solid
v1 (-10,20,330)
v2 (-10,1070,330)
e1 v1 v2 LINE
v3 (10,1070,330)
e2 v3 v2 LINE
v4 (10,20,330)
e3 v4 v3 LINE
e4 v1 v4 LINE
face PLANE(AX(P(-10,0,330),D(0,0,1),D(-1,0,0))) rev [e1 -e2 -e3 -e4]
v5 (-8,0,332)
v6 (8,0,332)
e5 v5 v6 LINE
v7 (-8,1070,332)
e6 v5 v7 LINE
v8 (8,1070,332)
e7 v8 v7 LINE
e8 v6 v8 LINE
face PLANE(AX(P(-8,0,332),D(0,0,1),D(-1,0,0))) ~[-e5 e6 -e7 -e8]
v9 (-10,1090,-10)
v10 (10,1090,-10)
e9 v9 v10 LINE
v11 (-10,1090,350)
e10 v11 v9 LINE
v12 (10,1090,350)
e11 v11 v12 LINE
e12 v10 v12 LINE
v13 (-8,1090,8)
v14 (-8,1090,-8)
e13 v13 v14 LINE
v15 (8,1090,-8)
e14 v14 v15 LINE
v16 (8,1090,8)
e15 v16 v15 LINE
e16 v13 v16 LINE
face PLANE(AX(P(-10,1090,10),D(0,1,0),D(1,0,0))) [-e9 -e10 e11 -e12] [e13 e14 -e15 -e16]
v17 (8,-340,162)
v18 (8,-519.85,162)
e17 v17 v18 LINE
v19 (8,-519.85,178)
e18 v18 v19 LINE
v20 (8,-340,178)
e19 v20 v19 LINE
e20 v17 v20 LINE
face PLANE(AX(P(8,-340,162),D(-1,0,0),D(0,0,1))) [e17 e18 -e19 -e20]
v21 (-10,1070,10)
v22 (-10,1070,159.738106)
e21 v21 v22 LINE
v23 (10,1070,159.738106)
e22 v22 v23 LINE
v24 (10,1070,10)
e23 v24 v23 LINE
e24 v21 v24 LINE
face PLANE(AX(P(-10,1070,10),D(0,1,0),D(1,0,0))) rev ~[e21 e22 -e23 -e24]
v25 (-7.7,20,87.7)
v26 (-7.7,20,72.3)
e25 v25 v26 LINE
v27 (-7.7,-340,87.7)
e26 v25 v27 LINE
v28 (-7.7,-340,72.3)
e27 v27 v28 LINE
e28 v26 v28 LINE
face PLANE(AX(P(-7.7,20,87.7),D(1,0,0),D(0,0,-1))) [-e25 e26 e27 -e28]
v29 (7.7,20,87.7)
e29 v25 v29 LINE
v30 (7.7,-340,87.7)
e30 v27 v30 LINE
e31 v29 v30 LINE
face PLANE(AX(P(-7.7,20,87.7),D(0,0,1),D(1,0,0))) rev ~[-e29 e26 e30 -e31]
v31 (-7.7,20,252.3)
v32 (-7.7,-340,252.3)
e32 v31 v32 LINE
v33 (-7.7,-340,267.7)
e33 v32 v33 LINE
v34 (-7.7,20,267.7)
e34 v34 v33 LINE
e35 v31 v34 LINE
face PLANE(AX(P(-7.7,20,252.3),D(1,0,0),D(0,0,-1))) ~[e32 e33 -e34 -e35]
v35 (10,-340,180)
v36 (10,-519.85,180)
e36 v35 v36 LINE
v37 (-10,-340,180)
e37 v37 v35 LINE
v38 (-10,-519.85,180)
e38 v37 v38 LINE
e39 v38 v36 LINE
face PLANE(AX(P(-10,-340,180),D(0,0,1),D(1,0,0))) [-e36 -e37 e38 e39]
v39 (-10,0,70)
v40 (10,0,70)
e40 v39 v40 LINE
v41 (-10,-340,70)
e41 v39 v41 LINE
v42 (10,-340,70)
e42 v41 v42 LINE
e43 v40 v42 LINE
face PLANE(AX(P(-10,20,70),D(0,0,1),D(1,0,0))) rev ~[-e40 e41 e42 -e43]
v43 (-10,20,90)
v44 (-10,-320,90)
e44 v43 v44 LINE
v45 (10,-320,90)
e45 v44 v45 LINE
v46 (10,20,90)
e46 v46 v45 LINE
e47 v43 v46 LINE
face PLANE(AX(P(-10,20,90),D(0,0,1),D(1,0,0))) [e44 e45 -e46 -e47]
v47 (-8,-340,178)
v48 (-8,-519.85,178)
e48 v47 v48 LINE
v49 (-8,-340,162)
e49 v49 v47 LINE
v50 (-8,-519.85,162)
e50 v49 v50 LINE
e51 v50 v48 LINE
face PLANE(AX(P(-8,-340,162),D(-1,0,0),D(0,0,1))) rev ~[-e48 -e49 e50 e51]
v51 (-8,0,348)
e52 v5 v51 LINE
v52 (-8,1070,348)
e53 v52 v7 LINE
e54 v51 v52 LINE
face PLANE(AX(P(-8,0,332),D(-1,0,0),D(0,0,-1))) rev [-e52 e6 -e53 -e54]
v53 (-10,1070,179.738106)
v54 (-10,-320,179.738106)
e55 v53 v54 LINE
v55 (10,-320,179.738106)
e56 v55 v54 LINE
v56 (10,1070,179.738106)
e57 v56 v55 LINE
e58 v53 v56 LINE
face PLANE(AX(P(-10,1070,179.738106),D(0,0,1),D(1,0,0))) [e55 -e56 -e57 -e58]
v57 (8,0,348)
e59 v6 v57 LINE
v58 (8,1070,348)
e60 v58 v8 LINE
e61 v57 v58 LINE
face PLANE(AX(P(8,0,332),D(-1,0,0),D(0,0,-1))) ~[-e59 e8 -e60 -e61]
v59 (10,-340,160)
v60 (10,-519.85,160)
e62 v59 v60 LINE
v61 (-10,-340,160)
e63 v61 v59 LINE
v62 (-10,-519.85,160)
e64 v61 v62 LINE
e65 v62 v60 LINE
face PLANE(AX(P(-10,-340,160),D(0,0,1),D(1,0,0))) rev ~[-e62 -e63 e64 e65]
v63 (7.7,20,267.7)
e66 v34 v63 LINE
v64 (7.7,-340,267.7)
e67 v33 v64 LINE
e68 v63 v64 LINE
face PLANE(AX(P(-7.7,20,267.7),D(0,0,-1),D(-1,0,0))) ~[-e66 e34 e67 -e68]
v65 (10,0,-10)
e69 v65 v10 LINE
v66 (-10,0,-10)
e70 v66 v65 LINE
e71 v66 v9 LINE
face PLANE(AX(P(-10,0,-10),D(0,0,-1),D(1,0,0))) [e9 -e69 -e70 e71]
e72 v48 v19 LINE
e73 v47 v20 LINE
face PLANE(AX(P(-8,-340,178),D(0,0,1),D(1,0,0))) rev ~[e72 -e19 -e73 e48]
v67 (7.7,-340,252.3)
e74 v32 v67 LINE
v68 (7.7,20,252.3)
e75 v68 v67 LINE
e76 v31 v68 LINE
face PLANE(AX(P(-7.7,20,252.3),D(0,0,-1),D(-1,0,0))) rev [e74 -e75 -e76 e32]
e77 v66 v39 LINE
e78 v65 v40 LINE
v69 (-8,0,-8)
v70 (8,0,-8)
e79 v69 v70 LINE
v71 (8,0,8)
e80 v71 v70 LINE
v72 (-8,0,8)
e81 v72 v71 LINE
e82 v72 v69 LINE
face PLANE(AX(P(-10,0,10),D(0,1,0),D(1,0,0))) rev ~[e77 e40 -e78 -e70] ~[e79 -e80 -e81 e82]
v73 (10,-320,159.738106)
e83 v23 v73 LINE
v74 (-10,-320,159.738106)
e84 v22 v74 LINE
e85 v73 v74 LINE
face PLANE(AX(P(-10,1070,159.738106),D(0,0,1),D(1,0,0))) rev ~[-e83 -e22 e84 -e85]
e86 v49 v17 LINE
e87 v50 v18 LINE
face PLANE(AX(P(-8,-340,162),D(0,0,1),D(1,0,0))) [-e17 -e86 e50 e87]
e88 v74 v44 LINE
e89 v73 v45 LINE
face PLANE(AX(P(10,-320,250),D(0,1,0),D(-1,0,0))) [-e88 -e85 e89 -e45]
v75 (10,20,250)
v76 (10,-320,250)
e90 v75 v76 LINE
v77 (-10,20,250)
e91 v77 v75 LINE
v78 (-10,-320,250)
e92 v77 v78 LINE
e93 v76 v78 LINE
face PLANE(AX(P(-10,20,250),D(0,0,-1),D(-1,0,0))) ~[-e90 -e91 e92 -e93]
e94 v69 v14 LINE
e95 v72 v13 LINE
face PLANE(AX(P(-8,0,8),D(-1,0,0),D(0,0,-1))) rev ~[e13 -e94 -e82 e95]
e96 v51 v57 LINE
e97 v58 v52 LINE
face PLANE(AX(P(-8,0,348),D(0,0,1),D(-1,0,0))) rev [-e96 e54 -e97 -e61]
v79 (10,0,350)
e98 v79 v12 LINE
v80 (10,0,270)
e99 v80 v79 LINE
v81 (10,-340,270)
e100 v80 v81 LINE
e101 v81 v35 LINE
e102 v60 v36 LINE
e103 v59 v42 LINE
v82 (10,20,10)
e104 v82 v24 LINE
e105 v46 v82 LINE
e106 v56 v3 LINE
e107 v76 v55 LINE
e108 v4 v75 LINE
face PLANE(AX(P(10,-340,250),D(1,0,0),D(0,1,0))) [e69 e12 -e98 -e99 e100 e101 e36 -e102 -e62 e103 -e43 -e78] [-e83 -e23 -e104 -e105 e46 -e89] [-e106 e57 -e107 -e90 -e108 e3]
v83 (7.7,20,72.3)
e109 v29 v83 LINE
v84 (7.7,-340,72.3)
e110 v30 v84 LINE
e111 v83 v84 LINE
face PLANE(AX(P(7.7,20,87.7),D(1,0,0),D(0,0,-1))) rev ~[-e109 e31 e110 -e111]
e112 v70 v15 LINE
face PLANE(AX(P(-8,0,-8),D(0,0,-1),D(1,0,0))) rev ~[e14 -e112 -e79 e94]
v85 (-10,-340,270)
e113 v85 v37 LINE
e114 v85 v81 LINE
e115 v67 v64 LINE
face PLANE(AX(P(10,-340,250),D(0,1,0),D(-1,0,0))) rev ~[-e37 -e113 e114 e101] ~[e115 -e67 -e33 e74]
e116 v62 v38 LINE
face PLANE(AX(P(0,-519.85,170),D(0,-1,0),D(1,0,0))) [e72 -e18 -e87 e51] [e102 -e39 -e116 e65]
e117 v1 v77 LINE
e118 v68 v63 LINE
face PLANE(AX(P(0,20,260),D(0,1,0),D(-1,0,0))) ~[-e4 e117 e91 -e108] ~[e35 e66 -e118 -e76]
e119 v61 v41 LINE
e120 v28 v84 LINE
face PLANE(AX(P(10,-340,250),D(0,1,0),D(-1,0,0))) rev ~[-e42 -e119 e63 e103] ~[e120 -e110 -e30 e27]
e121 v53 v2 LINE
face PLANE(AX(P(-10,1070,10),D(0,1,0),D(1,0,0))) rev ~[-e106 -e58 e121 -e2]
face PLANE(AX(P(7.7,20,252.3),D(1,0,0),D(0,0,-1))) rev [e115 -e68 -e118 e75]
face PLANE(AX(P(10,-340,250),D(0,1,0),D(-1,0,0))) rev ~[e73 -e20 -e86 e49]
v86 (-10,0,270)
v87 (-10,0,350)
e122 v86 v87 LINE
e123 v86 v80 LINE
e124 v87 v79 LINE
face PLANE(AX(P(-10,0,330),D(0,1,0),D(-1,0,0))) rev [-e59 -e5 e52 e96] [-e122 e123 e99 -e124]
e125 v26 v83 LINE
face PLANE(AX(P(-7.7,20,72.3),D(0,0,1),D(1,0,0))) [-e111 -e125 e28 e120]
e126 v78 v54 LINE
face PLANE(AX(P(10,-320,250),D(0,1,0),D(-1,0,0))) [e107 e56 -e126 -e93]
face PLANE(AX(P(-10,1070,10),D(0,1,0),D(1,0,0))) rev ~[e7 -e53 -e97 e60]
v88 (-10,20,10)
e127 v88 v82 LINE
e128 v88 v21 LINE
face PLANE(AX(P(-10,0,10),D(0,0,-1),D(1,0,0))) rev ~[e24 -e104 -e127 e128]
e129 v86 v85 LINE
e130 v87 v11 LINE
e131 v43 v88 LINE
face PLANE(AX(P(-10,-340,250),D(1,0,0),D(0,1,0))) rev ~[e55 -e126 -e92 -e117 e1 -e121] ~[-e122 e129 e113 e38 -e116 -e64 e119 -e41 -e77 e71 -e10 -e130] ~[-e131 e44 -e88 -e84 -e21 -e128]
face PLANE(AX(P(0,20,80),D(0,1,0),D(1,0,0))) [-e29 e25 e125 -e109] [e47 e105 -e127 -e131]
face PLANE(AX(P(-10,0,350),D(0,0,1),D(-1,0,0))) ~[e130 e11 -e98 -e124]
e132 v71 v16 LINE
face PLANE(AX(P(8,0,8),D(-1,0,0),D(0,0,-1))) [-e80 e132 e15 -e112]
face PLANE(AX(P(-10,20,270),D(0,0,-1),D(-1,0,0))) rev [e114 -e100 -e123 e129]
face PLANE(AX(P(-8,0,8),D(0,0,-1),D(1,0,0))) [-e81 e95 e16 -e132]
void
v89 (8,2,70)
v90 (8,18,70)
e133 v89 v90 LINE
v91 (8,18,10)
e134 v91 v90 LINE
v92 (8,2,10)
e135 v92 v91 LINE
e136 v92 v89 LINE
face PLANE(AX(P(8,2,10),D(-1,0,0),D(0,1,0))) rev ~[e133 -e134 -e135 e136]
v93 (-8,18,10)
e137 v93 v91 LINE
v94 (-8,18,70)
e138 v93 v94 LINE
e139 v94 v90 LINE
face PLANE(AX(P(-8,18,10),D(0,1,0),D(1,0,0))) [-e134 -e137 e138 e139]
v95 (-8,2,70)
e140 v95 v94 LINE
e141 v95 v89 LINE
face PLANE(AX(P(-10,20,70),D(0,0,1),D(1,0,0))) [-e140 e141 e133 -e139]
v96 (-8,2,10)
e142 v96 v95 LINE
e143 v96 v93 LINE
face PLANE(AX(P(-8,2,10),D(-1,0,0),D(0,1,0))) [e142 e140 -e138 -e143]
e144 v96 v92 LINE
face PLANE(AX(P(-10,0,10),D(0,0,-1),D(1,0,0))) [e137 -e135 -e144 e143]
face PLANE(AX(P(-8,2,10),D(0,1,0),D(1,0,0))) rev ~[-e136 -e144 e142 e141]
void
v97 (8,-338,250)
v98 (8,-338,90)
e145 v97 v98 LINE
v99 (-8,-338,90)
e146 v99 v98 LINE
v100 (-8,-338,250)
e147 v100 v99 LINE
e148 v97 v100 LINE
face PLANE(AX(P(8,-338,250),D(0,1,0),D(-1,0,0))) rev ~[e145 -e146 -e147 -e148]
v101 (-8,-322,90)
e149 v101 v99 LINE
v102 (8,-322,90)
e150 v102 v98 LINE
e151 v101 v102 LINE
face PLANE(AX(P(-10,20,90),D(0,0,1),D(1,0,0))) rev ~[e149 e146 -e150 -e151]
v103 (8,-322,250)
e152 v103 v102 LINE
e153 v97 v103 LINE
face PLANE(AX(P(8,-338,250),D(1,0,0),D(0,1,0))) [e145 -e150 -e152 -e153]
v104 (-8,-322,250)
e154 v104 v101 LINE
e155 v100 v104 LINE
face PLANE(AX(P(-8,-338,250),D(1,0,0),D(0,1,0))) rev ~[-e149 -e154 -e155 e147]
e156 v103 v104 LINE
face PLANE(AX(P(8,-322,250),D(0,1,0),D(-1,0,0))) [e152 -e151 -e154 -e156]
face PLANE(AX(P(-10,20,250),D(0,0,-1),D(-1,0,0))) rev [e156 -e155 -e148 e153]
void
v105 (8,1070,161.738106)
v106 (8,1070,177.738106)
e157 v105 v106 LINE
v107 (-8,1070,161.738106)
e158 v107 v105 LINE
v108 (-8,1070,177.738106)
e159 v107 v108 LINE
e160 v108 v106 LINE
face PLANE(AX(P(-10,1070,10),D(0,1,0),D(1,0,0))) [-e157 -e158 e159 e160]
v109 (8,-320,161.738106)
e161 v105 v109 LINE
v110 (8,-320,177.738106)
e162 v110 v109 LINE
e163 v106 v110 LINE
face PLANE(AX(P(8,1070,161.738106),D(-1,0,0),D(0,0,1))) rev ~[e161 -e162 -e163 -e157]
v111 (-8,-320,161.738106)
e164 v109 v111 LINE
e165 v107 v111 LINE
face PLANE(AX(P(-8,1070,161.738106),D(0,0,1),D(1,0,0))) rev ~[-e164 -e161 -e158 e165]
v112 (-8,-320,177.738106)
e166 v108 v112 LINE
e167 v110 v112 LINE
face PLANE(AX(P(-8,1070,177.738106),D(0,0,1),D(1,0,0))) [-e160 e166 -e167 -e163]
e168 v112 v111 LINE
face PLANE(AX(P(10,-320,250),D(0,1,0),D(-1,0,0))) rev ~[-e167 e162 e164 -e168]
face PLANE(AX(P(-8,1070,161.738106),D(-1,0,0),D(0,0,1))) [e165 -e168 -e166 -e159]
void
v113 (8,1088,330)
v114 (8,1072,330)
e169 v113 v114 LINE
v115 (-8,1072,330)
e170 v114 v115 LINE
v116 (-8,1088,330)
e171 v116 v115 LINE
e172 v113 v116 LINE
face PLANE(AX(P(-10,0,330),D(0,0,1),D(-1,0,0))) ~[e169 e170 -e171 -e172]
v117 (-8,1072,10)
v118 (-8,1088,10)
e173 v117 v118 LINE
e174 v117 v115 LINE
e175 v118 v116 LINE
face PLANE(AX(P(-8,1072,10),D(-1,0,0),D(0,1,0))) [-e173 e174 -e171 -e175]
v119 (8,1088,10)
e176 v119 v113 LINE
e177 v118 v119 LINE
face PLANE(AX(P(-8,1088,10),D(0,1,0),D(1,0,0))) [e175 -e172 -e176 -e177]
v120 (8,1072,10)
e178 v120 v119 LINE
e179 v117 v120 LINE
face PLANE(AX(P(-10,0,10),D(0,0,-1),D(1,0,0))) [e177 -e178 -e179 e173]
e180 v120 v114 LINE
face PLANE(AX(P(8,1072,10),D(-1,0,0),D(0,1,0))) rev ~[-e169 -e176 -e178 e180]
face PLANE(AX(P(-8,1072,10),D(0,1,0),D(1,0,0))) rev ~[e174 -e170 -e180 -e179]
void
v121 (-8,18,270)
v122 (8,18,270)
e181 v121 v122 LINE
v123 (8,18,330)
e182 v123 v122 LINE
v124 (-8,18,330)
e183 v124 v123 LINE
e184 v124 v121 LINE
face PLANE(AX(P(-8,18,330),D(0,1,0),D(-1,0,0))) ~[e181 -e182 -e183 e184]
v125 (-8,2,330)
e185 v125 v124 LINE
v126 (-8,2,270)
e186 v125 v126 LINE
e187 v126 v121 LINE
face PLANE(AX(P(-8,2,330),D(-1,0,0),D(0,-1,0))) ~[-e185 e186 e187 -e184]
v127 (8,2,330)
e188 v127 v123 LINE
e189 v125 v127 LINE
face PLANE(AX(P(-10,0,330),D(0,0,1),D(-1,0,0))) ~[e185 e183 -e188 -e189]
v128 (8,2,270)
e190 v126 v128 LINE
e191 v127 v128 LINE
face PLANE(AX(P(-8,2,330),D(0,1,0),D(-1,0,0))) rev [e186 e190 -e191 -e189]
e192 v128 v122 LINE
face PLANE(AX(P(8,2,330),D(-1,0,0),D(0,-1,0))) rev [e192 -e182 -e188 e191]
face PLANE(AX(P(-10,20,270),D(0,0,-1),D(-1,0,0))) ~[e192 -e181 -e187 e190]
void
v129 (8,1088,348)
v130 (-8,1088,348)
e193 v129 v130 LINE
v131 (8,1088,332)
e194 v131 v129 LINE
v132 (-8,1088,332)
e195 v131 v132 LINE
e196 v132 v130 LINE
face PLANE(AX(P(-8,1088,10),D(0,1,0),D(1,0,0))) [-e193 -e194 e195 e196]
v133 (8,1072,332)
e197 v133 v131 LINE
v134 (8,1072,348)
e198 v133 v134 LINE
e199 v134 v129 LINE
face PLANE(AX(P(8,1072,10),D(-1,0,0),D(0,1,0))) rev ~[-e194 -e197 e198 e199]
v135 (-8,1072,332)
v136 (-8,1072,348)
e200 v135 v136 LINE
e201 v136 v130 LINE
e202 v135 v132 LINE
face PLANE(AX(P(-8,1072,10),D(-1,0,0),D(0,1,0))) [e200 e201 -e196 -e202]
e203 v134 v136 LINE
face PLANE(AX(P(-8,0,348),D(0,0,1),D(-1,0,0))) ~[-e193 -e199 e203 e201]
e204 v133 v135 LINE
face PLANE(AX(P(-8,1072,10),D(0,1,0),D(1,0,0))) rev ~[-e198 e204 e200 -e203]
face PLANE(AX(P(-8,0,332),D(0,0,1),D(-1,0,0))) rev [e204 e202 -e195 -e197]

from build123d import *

# Parameters (mm, degrees)
SKETCH1_W           = 2
SKETCH1_H           = 2
SKETCH1_W_2         = 1.6
SKETCH1_H_2         = 1.6
BOSS_EXTRUDE1_DEPTH = 109
SKETCH2_W           = 2
SKETCH2_H           = 2
SKETCH2_W_2         = 1.6
SKETCH2_H_2         = 1.6
BOSS_EXTRUDE2_DEPTH = 34
SKETCH3_W           = 2
SKETCH3_H           = 2
SKETCH3_W_2         = 1.6
SKETCH3_H_2         = 1.6
BOSS_EXTRUDE3_DEPTH = 6
SKETCH7_W           = 2
SKETCH7_H           = 2
SKETCH7_W_2         = 1.54
SKETCH7_H_2         = 1.54
BOSS_EXTRUDE4_DEPTH = 36
BOSS_EXTRUDE5_REACH = 28
SKETCH8_W           = 2
SKETCH8_H           = 2
SKETCH8_W_2         = 1.6
SKETCH8_H_2         = 1.6
SCALE2_SCALE        = 10
BOSS_EXTRUDE6_REACH = 1412
SKETCH9_W           = 20
SKETCH9_H           = 20
SKETCH9_W_2         = 16
SKETCH9_H_2         = 16
SKETCH10_W          = 20
SKETCH10_H          = 20
SKETCH10_W_2        = 16
SKETCH10_H_2        = 16
BOSS_EXTRUDE7_DEPTH = 179.85


with BuildPart() as part:
    # Sketch1 → Boss-Extrude1 (new body)
    with BuildSketch(Plane(origin=(0, 0, 0), x_dir=(1, 0, 0), z_dir=(0, 1, 0))):
        Rectangle(SKETCH1_W, SKETCH1_H)
        Rectangle(SKETCH1_W_2, SKETCH1_H_2, mode=Mode.SUBTRACT)
    boss_extrude1 = extrude(amount=BOSS_EXTRUDE1_DEPTH)

    # Sketch2 → Boss-Extrude2 (add)
    with BuildSketch(Plane.XY.offset(1)):
        with Locations((0, 108)):
            Rectangle(SKETCH2_W, SKETCH2_H)
        with Locations((0, 108)):
            Rectangle(SKETCH2_W_2, SKETCH2_H_2, mode=Mode.SUBTRACT)
    extrude(amount=BOSS_EXTRUDE2_DEPTH)

    # Mirror1: Boss-Extrude1 across plane
    add(boss_extrude1.mirror(Plane.XY.offset(17)))

    # Sketch3 → Boss-Extrude3 (add)
    with BuildSketch(Plane.XY.offset(1)):
        with Locations((0, 1)):
            Rectangle(SKETCH3_W, SKETCH3_H)
        with Locations((0, 1)):
            Rectangle(SKETCH3_W_2, SKETCH3_H_2, mode=Mode.SUBTRACT)
    boss_extrude3 = extrude(amount=BOSS_EXTRUDE3_DEPTH)

    # Sketch7 → Boss-Extrude4 (add)
    with BuildSketch(Plane(origin=(0, 2, 0), x_dir=(1, 0, 0), z_dir=(0, 1, 0))):
        with Locations((0, -8)):
            Rectangle(SKETCH7_W, SKETCH7_H)
        with Locations((0, -8)):
            Rectangle(SKETCH7_W_2, SKETCH7_H_2, mode=Mode.SUBTRACT)
    boss_extrude4 = extrude(amount=-BOSS_EXTRUDE4_DEPTH)

    # Mirror2: Boss-Extrude3, Boss-Extrude4 across plane
    add(boss_extrude3.mirror(Plane.XY.offset(17)))
    add(boss_extrude4.mirror(Plane.XY.offset(17)))

    # Sketch8 → Boss-Extrude5 (add, up to next)
    with BuildSketch(Plane(origin=(0, 0, 25), x_dir=(-1, 0, 0), z_dir=(0, 0, -1)), mode=Mode.PRIVATE) as boss_extrude5_sk1:
        with Locations((0, -33)):
            Rectangle(SKETCH8_W, SKETCH8_H)
        with Locations((0, -33)):
            Rectangle(SKETCH8_W_2, SKETCH8_H_2, mode=Mode.SUBTRACT)
    boss_extrude5_tool1 = extrude(boss_extrude5_sk1.sketch, amount=BOSS_EXTRUDE5_REACH, mode=Mode.PRIVATE) - part.part
    add(boss_extrude5_tool1.solids().sort_by_distance((0, -32.028284, 25))[0])


with BuildPart() as part_1:
    # Scale2: scaled about (0, 0, 0)
    add(part.part.scale(SCALE2_SCALE))

    # Sketch9 → Boss-Extrude6 (add, up to next)
    with BuildSketch(Plane.XZ.offset(-1070), mode=Mode.PRIVATE) as boss_extrude6_sk1:
        with Locations((0, 169.738105544)):
            Rectangle(SKETCH9_W, SKETCH9_H)
        with Locations((0, 169.738105544)):
            Rectangle(SKETCH9_W_2, SKETCH9_H_2, mode=Mode.SUBTRACT)
    boss_extrude6_tool1 = extrude(boss_extrude6_sk1.sketch, amount=BOSS_EXTRUDE6_REACH, mode=Mode.PRIVATE) - part_1.part
    add(boss_extrude6_tool1.solids().sort_by_distance((0, 1070, 179.455263))[0])

    # Sketch10 → Boss-Extrude7 (add)
    with BuildSketch(Plane.XZ.offset(340)):
        with Locations((0, 170)):
            Rectangle(SKETCH10_W, SKETCH10_H)
        with Locations((0, 170)):
            Rectangle(SKETCH10_W_2, SKETCH10_H_2, mode=Mode.SUBTRACT)
    extrude(amount=BOSS_EXTRUDE7_DEPTH)


solid = part_1.part
